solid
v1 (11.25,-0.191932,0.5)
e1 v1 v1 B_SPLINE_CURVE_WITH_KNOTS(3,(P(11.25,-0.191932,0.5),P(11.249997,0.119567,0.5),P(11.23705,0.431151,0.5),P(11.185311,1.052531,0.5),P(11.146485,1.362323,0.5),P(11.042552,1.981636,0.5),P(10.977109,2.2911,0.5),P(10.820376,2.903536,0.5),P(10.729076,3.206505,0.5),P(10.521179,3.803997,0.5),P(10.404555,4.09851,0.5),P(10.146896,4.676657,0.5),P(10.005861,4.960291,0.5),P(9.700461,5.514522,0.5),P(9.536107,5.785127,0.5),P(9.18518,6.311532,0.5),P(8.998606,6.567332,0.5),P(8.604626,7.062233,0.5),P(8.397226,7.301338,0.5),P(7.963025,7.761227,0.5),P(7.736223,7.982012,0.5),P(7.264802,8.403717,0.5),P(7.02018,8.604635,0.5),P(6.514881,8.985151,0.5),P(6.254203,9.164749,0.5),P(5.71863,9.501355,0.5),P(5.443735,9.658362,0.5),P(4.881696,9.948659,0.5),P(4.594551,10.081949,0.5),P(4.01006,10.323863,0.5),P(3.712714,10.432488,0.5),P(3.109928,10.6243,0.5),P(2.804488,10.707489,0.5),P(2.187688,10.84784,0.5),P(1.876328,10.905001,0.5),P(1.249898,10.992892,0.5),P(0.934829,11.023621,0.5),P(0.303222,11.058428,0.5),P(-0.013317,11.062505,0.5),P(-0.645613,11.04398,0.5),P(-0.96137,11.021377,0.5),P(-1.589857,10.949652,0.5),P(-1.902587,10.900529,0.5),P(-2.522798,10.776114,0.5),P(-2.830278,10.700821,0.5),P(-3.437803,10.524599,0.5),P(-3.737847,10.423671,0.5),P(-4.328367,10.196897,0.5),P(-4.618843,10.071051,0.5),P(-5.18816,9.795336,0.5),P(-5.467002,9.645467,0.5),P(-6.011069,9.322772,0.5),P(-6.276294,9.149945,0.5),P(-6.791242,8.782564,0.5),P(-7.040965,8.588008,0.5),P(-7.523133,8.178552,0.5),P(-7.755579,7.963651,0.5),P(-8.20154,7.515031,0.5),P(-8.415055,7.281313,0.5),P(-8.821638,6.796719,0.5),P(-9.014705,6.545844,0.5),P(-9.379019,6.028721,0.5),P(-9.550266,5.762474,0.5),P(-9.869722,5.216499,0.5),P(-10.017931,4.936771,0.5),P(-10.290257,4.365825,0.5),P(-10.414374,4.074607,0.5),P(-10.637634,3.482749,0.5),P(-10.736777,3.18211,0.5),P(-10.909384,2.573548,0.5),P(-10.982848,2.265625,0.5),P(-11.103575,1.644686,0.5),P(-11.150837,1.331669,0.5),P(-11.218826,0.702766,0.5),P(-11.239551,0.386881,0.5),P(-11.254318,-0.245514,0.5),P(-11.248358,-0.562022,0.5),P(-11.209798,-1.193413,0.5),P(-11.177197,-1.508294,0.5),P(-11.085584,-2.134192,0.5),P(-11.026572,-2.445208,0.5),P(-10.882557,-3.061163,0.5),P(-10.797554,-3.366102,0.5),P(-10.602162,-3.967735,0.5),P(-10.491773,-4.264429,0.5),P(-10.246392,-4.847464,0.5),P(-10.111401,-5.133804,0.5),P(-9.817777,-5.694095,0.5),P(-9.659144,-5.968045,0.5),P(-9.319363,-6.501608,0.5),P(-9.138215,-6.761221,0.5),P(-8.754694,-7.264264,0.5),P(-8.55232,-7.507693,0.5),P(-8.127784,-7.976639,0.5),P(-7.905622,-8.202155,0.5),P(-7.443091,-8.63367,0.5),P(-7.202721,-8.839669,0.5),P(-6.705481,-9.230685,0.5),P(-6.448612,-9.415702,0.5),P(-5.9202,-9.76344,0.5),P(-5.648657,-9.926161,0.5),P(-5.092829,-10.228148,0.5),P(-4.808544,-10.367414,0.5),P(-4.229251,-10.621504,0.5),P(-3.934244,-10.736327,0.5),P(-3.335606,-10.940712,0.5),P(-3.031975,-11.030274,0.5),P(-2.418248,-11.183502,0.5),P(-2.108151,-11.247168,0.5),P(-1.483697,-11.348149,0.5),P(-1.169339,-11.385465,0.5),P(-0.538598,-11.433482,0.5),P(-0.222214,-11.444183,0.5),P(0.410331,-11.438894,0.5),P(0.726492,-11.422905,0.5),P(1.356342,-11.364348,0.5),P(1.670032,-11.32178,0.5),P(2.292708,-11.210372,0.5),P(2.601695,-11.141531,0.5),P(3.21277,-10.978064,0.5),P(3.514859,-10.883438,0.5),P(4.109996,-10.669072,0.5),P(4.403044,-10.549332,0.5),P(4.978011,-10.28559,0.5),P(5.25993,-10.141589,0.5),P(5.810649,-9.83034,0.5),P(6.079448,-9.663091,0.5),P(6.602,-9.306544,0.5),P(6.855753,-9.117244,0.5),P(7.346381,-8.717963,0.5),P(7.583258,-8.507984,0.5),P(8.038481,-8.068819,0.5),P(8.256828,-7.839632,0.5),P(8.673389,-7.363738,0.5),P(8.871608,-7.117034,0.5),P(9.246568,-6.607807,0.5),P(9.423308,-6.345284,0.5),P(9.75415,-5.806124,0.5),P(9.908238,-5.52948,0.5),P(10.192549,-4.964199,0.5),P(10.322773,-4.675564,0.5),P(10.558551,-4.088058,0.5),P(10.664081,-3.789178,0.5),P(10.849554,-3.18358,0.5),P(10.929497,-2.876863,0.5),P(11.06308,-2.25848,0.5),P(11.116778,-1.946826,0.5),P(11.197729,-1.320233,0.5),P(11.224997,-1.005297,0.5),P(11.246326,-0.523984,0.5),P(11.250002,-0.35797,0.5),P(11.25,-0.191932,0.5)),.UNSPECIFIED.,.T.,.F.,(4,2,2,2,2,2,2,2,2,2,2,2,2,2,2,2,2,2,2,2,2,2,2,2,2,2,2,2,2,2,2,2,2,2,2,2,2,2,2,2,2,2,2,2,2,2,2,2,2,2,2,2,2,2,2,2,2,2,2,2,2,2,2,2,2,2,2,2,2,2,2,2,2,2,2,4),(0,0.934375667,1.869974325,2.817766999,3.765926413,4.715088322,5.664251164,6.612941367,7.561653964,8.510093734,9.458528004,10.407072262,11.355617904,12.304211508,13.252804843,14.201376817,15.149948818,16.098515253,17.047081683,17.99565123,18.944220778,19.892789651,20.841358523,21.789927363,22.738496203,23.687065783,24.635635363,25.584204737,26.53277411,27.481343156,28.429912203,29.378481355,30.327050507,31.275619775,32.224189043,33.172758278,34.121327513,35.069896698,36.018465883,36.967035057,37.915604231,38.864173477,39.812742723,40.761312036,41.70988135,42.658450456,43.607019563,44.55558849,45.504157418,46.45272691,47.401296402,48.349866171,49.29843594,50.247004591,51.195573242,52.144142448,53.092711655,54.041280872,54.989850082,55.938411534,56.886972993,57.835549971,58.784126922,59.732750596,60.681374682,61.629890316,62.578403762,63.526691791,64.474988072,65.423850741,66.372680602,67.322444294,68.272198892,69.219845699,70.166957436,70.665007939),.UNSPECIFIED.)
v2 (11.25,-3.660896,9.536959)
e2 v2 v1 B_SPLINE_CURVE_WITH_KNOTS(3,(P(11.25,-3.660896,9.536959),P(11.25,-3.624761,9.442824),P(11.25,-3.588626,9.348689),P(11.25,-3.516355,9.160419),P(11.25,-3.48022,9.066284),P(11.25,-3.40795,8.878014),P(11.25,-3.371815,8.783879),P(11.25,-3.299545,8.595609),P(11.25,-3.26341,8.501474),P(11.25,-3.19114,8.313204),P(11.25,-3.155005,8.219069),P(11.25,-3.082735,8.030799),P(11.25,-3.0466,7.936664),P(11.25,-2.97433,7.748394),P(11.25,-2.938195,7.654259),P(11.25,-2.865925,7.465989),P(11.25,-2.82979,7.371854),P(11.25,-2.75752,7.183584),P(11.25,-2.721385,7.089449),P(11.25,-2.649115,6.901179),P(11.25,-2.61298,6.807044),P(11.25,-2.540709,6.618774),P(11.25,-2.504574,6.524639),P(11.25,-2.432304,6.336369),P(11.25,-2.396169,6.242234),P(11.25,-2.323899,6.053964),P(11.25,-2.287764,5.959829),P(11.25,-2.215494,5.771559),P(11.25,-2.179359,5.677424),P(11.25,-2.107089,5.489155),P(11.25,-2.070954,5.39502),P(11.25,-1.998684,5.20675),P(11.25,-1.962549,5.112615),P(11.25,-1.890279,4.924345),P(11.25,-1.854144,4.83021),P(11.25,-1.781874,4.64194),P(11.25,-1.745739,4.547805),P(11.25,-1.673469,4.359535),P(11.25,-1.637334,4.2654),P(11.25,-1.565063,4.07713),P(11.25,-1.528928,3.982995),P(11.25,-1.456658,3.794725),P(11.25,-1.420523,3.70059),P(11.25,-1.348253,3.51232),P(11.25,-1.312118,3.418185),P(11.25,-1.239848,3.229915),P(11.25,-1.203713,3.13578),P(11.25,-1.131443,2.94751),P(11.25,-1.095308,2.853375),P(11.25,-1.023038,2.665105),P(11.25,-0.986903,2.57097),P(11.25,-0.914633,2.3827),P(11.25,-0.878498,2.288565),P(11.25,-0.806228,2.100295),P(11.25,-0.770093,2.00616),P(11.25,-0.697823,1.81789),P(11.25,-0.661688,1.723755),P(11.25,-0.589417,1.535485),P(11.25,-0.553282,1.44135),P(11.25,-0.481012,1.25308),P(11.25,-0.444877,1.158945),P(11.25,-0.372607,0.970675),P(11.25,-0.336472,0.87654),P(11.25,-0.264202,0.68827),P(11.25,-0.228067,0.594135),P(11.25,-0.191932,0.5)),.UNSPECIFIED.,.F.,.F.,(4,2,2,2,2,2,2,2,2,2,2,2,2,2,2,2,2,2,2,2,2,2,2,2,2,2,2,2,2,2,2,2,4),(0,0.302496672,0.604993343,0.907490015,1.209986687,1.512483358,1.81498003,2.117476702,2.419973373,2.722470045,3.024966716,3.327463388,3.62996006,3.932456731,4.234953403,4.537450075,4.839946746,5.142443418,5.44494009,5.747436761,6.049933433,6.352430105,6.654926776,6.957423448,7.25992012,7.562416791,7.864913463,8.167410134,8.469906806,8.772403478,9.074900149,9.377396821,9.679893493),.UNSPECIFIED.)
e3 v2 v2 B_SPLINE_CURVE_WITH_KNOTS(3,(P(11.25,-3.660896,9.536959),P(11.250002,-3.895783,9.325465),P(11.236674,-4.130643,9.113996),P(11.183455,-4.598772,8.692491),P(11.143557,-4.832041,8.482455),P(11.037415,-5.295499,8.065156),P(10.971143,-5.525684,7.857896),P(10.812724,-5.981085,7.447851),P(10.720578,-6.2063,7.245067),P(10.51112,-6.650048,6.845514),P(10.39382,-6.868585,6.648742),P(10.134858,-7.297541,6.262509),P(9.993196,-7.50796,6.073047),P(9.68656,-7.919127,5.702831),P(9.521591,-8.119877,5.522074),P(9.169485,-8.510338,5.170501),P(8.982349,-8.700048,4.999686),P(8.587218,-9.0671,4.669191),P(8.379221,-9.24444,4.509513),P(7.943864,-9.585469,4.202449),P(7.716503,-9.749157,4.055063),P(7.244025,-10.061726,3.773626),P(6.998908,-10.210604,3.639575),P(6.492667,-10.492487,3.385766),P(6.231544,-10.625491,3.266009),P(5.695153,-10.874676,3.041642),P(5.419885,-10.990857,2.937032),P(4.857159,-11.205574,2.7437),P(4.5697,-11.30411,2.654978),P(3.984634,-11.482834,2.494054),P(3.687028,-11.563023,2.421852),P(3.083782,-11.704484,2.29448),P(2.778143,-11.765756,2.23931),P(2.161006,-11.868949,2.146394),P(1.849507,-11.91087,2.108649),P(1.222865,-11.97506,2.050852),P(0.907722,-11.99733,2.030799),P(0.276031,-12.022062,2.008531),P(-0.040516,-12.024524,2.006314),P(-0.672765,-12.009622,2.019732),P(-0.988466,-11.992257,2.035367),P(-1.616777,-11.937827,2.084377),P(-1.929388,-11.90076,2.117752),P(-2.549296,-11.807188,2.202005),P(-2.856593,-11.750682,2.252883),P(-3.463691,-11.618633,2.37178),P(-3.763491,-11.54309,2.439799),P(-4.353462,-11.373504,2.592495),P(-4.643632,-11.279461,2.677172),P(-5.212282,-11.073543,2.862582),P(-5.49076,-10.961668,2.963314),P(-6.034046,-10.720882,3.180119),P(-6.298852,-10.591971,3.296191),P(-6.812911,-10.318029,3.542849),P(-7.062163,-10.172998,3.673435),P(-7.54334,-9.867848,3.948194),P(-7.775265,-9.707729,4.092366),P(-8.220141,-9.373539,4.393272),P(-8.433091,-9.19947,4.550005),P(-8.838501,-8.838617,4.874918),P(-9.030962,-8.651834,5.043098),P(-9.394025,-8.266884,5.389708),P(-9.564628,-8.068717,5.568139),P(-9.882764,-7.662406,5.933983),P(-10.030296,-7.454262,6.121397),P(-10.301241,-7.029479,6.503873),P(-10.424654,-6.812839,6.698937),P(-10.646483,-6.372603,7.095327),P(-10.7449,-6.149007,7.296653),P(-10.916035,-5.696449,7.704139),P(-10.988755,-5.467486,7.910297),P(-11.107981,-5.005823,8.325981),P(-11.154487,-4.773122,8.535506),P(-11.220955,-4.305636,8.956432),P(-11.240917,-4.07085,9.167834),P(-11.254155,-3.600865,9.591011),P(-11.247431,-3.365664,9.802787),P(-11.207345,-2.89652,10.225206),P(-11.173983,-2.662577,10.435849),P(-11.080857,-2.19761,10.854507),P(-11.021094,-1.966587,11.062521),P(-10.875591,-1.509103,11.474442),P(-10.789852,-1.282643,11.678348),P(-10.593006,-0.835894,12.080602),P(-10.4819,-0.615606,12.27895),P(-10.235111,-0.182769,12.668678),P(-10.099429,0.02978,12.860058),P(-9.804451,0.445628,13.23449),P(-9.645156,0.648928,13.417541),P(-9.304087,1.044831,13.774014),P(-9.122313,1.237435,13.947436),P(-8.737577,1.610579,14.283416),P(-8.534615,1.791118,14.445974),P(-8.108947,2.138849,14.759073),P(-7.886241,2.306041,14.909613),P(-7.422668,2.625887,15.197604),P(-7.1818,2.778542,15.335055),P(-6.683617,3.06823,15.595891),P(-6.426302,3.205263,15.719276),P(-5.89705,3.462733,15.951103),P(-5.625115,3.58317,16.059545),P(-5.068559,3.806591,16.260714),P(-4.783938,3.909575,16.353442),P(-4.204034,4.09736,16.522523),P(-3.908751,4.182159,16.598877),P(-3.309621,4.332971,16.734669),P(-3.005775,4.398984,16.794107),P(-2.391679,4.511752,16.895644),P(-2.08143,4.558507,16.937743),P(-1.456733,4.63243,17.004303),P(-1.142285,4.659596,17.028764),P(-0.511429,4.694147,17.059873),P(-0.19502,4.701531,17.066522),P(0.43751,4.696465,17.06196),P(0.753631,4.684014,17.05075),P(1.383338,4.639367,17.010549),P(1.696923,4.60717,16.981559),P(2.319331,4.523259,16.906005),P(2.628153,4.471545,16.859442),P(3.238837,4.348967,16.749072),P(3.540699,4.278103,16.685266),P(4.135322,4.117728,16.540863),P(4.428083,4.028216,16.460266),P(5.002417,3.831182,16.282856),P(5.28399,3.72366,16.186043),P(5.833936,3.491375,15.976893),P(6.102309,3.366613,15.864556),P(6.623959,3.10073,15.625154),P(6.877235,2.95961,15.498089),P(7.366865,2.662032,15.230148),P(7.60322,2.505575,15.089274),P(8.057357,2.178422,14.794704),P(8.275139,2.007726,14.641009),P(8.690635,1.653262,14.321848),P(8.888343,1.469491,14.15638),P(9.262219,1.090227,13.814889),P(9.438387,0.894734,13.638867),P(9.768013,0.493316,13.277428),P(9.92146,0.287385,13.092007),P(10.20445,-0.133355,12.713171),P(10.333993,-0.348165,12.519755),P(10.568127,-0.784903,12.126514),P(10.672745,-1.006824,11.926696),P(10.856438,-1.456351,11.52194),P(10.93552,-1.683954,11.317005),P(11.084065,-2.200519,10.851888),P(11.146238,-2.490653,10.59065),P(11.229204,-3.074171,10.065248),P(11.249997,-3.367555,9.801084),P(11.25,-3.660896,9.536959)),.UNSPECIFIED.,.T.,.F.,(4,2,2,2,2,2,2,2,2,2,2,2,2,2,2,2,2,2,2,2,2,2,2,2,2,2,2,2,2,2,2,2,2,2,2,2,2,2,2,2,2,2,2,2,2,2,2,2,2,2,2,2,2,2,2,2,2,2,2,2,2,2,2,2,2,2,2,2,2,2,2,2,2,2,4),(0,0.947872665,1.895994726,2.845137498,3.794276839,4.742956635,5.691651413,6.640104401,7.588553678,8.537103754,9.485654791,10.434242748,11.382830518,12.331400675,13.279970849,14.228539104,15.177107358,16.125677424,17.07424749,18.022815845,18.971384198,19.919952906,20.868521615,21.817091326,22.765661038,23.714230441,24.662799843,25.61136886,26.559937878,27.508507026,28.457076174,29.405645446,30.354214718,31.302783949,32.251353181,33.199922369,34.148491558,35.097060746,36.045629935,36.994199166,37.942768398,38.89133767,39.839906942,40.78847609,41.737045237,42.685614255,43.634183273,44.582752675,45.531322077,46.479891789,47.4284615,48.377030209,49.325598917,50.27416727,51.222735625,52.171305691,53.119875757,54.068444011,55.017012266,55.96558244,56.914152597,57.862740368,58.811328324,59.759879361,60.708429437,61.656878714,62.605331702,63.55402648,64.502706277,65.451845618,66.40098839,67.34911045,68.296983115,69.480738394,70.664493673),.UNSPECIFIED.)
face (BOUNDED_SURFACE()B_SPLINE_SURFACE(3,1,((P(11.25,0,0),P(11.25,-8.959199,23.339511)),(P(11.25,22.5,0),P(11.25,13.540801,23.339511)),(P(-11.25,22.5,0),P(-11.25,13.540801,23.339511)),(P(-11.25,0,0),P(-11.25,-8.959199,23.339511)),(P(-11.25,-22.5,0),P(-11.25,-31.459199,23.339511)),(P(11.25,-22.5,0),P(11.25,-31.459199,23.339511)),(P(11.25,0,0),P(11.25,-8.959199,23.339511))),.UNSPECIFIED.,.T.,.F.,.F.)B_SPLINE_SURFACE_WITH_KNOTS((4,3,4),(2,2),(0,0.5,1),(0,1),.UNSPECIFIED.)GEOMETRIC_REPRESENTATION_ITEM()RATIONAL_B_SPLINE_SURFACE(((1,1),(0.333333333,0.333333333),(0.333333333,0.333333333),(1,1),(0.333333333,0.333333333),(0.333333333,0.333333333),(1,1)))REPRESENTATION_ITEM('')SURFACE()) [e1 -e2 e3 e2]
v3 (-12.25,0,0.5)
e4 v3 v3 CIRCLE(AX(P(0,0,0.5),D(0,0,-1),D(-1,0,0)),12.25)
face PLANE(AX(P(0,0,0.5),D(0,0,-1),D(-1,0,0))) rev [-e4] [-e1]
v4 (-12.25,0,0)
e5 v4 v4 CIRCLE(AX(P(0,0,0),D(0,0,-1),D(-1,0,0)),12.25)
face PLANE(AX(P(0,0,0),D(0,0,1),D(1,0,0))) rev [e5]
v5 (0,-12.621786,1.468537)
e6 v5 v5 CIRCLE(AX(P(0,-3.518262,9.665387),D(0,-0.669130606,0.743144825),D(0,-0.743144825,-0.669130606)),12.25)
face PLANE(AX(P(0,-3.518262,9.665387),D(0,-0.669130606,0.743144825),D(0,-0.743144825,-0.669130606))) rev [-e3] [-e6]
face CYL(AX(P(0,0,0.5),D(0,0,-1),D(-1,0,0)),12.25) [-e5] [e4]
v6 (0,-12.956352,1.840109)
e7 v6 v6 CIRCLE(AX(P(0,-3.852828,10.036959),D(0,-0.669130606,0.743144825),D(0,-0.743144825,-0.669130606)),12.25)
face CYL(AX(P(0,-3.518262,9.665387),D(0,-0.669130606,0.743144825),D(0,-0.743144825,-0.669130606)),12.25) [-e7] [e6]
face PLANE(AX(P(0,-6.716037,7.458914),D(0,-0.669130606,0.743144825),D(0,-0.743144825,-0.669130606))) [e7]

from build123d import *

# Parameters (mm, degrees)
SKETCH1_R           = 11.25
SKETCH11_R          = 12.25
BOSS_EXTRUDE2_DEPTH = 0.5
SKETCH9_R           = 12.25
BOSS_EXTRUDE3_DEPTH = 0.5


with BuildPart() as part:
    # Sweep1: sweep along a path in Sketch3
    with BuildLine(Plane(origin=(0, 0, 0), x_dir=(0, 0, -1), z_dir=(1, 0, 0))) as sweep1_path:
        Line((0, 0), (-23.339510662, -8.959198739))
    # Sketch1 → Sweep1 (sweep)
    with BuildSketch(Plane.XY):
        Circle(SKETCH1_R)
    sweep(path=sweep1_path.line)

    # SurfaceCut3
    split(bisect_by=Plane(origin=(0, -6.716036525, 7.458914215), x_dir=(1, 0, 0), z_dir=(0, -0.6691306063588593, 0.7431448254773932)), keep=Keep.BOTTOM)

    # Sketch11 → Boss-Extrude2 (add)
    with BuildSketch(Plane(origin=(0, -6.716036525, 7.458914215), x_dir=(1, 0, 0), z_dir=(0, -0.6691306063588595, 0.7431448254773932))):
        with Locations(Location((0, 3.852827618, 0), (0, 0, 270))):
            Circle(SKETCH11_R)
    extrude(amount=-BOSS_EXTRUDE2_DEPTH)

    # Sketch9 → Boss-Extrude3 (add)
    with BuildSketch(Plane(origin=(0, 0, 0), x_dir=(-1, 0, 0), z_dir=(0, 0, -1))):
        Circle(SKETCH9_R)
    extrude(amount=-BOSS_EXTRUDE3_DEPTH)


solid = part.part
